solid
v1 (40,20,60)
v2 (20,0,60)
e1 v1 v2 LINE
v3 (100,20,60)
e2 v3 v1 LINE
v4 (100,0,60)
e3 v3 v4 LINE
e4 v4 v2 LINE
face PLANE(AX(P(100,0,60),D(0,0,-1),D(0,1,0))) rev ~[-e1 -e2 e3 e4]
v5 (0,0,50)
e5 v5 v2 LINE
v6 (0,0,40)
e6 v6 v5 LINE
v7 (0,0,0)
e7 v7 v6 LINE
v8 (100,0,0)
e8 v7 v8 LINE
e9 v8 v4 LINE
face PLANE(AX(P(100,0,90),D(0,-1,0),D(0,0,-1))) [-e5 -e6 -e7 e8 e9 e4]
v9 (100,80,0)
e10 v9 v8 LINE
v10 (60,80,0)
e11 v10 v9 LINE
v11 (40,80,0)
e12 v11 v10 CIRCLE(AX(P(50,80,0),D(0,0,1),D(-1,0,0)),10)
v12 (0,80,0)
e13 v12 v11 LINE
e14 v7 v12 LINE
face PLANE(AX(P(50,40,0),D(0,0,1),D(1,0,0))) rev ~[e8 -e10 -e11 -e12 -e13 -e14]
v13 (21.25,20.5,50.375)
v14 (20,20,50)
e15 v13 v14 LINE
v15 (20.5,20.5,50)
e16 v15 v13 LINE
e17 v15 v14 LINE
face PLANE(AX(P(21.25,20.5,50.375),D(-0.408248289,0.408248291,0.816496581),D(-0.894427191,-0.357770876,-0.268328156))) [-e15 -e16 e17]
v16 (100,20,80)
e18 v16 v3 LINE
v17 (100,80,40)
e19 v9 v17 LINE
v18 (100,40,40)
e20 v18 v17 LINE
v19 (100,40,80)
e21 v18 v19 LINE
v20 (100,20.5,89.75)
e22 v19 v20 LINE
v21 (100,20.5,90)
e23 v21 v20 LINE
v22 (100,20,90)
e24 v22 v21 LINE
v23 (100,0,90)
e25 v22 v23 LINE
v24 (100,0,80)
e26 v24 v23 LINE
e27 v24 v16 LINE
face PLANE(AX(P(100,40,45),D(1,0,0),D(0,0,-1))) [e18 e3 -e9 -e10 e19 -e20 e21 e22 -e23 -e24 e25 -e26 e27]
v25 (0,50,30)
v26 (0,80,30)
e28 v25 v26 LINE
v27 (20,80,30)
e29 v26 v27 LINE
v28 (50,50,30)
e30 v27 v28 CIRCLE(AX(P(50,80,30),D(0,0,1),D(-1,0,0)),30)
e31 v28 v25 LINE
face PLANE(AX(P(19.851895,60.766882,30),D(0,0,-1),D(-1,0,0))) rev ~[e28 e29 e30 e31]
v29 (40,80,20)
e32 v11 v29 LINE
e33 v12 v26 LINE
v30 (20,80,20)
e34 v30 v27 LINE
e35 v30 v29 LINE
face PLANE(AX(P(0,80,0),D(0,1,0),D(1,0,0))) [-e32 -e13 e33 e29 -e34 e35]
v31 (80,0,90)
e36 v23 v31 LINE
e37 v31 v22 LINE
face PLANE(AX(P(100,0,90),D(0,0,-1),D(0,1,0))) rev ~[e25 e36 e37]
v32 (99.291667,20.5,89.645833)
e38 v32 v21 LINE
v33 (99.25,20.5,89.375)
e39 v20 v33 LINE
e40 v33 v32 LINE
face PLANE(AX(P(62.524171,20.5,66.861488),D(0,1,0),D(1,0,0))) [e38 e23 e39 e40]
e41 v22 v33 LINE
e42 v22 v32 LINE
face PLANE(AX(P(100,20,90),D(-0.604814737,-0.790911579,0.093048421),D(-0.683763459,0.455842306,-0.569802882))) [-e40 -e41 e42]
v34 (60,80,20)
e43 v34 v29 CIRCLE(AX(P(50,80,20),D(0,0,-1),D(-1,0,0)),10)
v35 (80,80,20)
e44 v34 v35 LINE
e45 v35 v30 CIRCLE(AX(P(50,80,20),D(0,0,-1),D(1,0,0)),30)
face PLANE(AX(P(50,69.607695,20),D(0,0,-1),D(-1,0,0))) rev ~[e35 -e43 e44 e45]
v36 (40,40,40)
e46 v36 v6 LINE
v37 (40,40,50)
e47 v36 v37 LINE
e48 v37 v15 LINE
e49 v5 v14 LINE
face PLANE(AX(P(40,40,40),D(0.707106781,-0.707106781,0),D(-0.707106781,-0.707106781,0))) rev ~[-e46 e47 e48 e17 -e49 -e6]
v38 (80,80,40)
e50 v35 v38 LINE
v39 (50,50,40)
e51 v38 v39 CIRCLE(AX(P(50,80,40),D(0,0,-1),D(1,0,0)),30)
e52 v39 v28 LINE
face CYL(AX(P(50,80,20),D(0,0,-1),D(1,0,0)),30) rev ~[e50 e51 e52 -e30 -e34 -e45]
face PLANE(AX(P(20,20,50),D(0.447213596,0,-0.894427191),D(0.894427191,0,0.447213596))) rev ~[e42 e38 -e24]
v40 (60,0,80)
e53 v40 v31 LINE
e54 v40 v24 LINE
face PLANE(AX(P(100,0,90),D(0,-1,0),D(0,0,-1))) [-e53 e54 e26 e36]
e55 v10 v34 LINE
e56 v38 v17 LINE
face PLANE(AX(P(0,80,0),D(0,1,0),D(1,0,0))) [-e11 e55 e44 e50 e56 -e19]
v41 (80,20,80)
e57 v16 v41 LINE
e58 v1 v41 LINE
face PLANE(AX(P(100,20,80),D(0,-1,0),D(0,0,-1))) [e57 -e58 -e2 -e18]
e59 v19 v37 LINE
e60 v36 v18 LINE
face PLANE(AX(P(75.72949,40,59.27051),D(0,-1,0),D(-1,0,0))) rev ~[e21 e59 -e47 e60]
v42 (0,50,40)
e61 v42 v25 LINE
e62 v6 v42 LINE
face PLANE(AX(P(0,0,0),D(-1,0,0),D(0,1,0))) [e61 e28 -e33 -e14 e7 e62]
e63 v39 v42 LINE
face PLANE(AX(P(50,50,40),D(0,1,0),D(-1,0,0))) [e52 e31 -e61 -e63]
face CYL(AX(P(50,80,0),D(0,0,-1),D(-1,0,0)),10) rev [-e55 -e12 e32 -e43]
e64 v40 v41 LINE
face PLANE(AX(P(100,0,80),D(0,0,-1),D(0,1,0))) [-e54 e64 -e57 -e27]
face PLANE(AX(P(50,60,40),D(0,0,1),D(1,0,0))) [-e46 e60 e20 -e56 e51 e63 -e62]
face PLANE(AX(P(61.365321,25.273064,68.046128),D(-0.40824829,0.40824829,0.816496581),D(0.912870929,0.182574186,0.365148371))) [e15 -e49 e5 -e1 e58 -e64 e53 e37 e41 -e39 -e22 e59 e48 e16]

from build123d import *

# Parameters (mm, degrees)
SKETCH1_W            = 100
SKETCH1_H            = 80
BOSS_EXTRUDE1_DEPTH  = 90
CUT_EXTRUDE1_DEPTH   = 90
SKETCH4_W            = 20
SKETCH4_H            = 20
CUT_EXTRUDE2_DEPTH   = 90
CUT_EXTRUDE3_DEPTH   = 90
CUT_EXTRUDE4_DEPTH   = 90
SKETCH7_W            = 100
SKETCH7_H            = 40
CUT_EXTRUDE5_DEPTH   = 90
CUT_EXTRUDE6_DEPTH   = 10
CUT_EXTRUDE7_DEPTH   = 94
SKETCH10_W           = 100
SKETCH10_H           = 50
CUT_EXTRUDE8_DEPTH   = 94
BOSS_EXTRUDE2_DEPTH  = 40
BOSS_EXTRUDE4_DEPTH  = 10
BOSS_EXTRUDE5_DEPTH  = 10
BOSS_EXTRUDE9_DEPTH  = 10
SKETCH22_W           = 13.645756347
SKETCH22_H           = 19.751560391
CUT_EXTRUDE12_DEPTH  = 57
BOSS_EXTRUDE13_DEPTH = 20
BOSS_EXTRUDE14_DEPTH = 20
SKETCH25_W           = 10
SKETCH25_H           = 20
BOSS_EXTRUDE16_DEPTH = 40
CUT_EXTRUDE13_DEPTH  = 40
CUT_EXTRUDE14_DEPTH  = 40
CUT_EXTRUDE15_DEPTH  = 40
CUT_EXTRUDE16_DEPTH  = 40
SKETCH30_W           = 20
SKETCH30_H           = 19.999
CUT_EXTRUDE18_DEPTH  = 125
BOSS_EXTRUDE25_DEPTH = 0.5
CUT_EXTRUDE21_DEPTH  = 0.5
CUT_EXTRUDE22_DEPTH  = 2.5
SKETCH36_W           = 1.148729496
SKETCH36_H           = 4.006964713
BOSS_EXTRUDE26_DEPTH = 2.5
CUT_EXTRUDE23_DEPTH  = 2.5
CUT_EXTRUDE24_DEPTH  = 2.5
SKETCH40_W           = 100
SKETCH40_H           = 60
CUT_EXTRUDE25_DEPTH  = 39.5
BOSS_EXTRUDE31_DEPTH = 80
SKETCH45_W           = 90
SKETCH45_H           = 80
CUT_EXTRUDE27_DEPTH  = 80
SKETCH46_W           = 100
SKETCH46_H           = 50
CUT_EXTRUDE28_DEPTH  = 80
CUT_EXTRUDE29_DEPTH  = 80
CUT_EXTRUDE30_DEPTH  = 80
CUT_EXTRUDE32_DEPTH  = 80
SKETCH51_W           = 25.130664003
SKETCH51_H           = 300
CUT_EXTRUDE33_DEPTH  = 80
SKETCH52_W           = 100
SKETCH52_H           = 80
CUT_EXTRUDE34_DEPTH  = 80
CUT_EXTRUDE35_DEPTH  = 80
CUT_EXTRUDE36_DEPTH  = 80
CUT_EXTRUDE37_DEPTH  = 80
SKETCH56_W           = 16.617380904
SKETCH56_H           = 14.273809877
CUT_EXTRUDE38_DEPTH  = 80
SKETCH57_W           = 100.195151688
SKETCH57_H           = 57.157925485
CUT_EXTRUDE39_DEPTH  = 80
SKETCH58_W           = 20
SKETCH58_H           = 20
CUT_EXTRUDE40_DEPTH  = 80


with BuildPart() as part:
    # Sketch1 → Boss-Extrude1 (new body)
    with BuildSketch(Plane.XY):
        with Locations((50, 40)):
            Rectangle(SKETCH1_W, SKETCH1_H)
    extrude(amount=BOSS_EXTRUDE1_DEPTH)

    # Sketch3 → Cut-Extrude1 (cut)
    with BuildSketch(Plane(origin=(0, 80, 0), x_dir=(1, 0, 0), z_dir=(0, 1, 0))):
        Polygon((0, -50), (20, -60), (40, -60), (80, -80), (60, -80), (80, -90), (0, -90), align=None)
    extrude(amount=-CUT_EXTRUDE1_DEPTH, mode=Mode.SUBTRACT)

    # Sketch4 → Cut-Extrude2 (cut)
    with BuildSketch(Plane(origin=(100, 0, 0), x_dir=(0, 0, -1), z_dir=(1, 0, 0))):
        with Locations((-70, 10)):
            Rectangle(SKETCH4_W, SKETCH4_H)
    extrude(amount=-CUT_EXTRUDE2_DEPTH, mode=Mode.SUBTRACT)

    # Sketch5 → Cut-Extrude3 (cut)
    with BuildSketch(Plane(origin=(0, 0, 0), x_dir=(-1, 0, 0), z_dir=(0, 0, -1))):
        with BuildLine():
            Line((-60, 80), (-40, 80))
            ThreePointArc((-40, 80), (-50, 70), (-60, 80))
        make_face()
    extrude(amount=-CUT_EXTRUDE3_DEPTH, mode=Mode.SUBTRACT)

    # Sketch6 → Cut-Extrude4 (cut)
    with BuildSketch(Plane.XY.offset(20)):
        with BuildLine():
            Line((20, 80), (80, 80))
            ThreePointArc((80, 80), (50, 50), (20, 80))
        make_face()
    extrude(amount=CUT_EXTRUDE4_DEPTH, mode=Mode.SUBTRACT)

    # Sketch7 → Cut-Extrude5 (cut)
    with BuildSketch(Plane.XY.offset(40)):
        with Locations((50, 60)):
            Rectangle(SKETCH7_W, SKETCH7_H)
    extrude(amount=CUT_EXTRUDE5_DEPTH, mode=Mode.SUBTRACT)

    # Sketch8 → Cut-Extrude6 (cut)
    with BuildSketch(Plane.XY.offset(40)):
        with BuildLine():
            Line((50, 50), (0, 50))
            Line((0, 50), (0, 80))
            Line((0, 80), (20, 80))
            ThreePointArc((20, 80), (28.786796564, 58.786796564), (50, 50))
        make_face()
    extrude(amount=-CUT_EXTRUDE6_DEPTH, mode=Mode.SUBTRACT)

    # Sketch9 → Cut-Extrude7 (cut)
    with BuildSketch(Plane.XY.offset(40)):
        Polygon((40, 40), (0, 0), (0, 40), align=None)
    extrude(amount=CUT_EXTRUDE7_DEPTH, mode=Mode.SUBTRACT)

    # Sketch10 → Cut-Extrude8 (cut)
    with BuildSketch(Plane.XY.offset(50)):
        with Locations((50, 25)):
            Rectangle(SKETCH10_W, SKETCH10_H)
    extrude(amount=CUT_EXTRUDE8_DEPTH, mode=Mode.SUBTRACT)

    # Sketch11 → Boss-Extrude2 (add)
    with BuildSketch(Plane(origin=(0, 40, 0), x_dir=(1, 0, 0), z_dir=(0, 1, 0))):
        Polygon((100, -50), (100, -80), (40, -50), align=None)
    extrude(amount=-BOSS_EXTRUDE2_DEPTH)

    # Sketch15 → Boss-Extrude4 (add)
    with BuildSketch(Plane.XY.offset(50)):
        Polygon((20, 0), (40, 20), (100, 20), (100, 0), (40, 0), align=None)
    extrude(amount=BOSS_EXTRUDE4_DEPTH)

    # Sketch16 → Boss-Extrude5 (add)
    with BuildSketch(Plane(origin=(-16.666666667, 16.666666667, 33.333333333), x_dir=(-0.912870929, -0.182574186, -0.365148372), z_dir=(0.40824829, -0.40824829, -0.816496581))):
        Polygon((-62.075223184, -8.94427191), (-42.075223184, -2.913523754), (-18.257418584, -22.360679775), (-40.166320884, -26.83281573), align=None)
    extrude(amount=BOSS_EXTRUDE5_DEPTH)

    # Sketch18 → Boss-Extrude9 (add)
    with BuildSketch(Plane(origin=(0, 20, 0), x_dir=(1, 0, 0), z_dir=(0, 1, 0))):
        Polygon((40, -50), (40, -60), (21.742581416, -50), align=None)
    extrude(amount=-BOSS_EXTRUDE9_DEPTH)

    # Sketch22 → Cut-Extrude12 (cut)
    with BuildSketch(Plane(origin=(40, 0, 0), x_dir=(0, 0, -1), z_dir=(1, 0, 0))):
        with Locations((-56.822878174, 29.875780196)):
            Rectangle(SKETCH22_W, SKETCH22_H)
    extrude(amount=-CUT_EXTRUDE12_DEPTH, mode=Mode.SUBTRACT)

    # Sketch23 → Boss-Extrude13 (add)
    with BuildSketch(Plane(origin=(0, 20, 0), x_dir=(1, 0, 0), z_dir=(0, 1, 0))):
        Polygon((20, -50), (100, -90), (40, -50), align=None)
    extrude(amount=-BOSS_EXTRUDE13_DEPTH)

    # Sketch24 → Boss-Extrude14 (add)
    with BuildSketch(Plane(origin=(0, 20, 0), x_dir=(1, 0, 0), z_dir=(0, 1, 0))):
        Polygon((100, -90), (100, -80), (60, -60), (55, -60), align=None)
    extrude(amount=-BOSS_EXTRUDE14_DEPTH)

    # Sketch25 → Boss-Extrude16 (add)
    with BuildSketch(Plane(origin=(100, 0, 0), x_dir=(0, 0, -1), z_dir=(1, 0, 0))):
        with Locations((-85, 10)):
            Rectangle(SKETCH25_W, SKETCH25_H)
    extrude(amount=-BOSS_EXTRUDE16_DEPTH)

    # Sketch26 → Cut-Extrude13 (cut)
    with BuildSketch(Plane(origin=(-16.666666667, 16.666666667, 33.333333333), x_dir=(0.912870929, 0.182574186, 0.365148372), z_dir=(-0.40824829, 0.40824829, 0.816496581))):
        Polygon((105.893027784, -17.88854382), (83.984125484, -35.77708764), (105.893027784, -40.249223595), align=None)
    extrude(amount=CUT_EXTRUDE13_DEPTH, mode=Mode.SUBTRACT)

    # Sketch27 → Cut-Extrude14 (cut)
    with BuildSketch(Plane(origin=(-3.333333333, -16.666666667, 6.666666667), x_dir=(0.98319208, -0.169515876, 0.06780635), z_dir=(0.182574186, 0.912870929, -0.365148372))):
        Polygon((64.416032844, -74.278135271), (84.757937953, -83.56290218), (64.416032844, -85.048464885), align=None)
    extrude(amount=-CUT_EXTRUDE14_DEPTH, mode=Mode.SUBTRACT)

    # Sketch28 → Cut-Extrude15 (cut)
    with BuildSketch(Plane(origin=(0, 0, 80), x_dir=(-1, 0, 0), z_dir=(0, 0, -1))):
        Polygon((-80, 20), (-60, 0), (-60, 20), align=None)
    extrude(amount=-CUT_EXTRUDE15_DEPTH, mode=Mode.SUBTRACT)

    # Sketch29 → Cut-Extrude16 (cut)
    with BuildSketch(Plane(origin=(-16.666666667, 16.666666667, 33.333333333), x_dir=(-0.912870929, -0.182574186, -0.365148372), z_dir=(0.40824829, -0.40824829, -0.816496581))):
        Polygon((-105.893027784, -17.88854382), (-105.893027784, -40.249223595), (-127.801930085, -22.360679775), align=None)
    extrude(amount=-CUT_EXTRUDE16_DEPTH, mode=Mode.SUBTRACT)

    # Sketch30 → Cut-Extrude18 (cut)
    with BuildSketch(Plane(origin=(100, 0, 0), x_dir=(0, 0, -1), z_dir=(1, 0, 0))):
        with Locations((-70, 9.9995)):
            Rectangle(SKETCH30_W, SKETCH30_H)
    extrude(amount=-CUT_EXTRUDE18_DEPTH, mode=Mode.SUBTRACT)

    # Sketch31 → Boss-Extrude25 (add)
    with BuildSketch(Plane(origin=(0, 20, 0), x_dir=(1, 0, 0), z_dir=(0, 1, 0))):
        Polygon((40, -50), (20, -50), (100, -90), (100, -80), align=None)
    extrude(amount=BOSS_EXTRUDE25_DEPTH)

    # Sketch34 → Cut-Extrude21 (cut)
    with BuildSketch(Plane(origin=(-16.666666667, 16.666666667, 33.333333333), x_dir=(0.912870929, 0.182574186, 0.365148372), z_dir=(-0.40824829, 0.40824829, 0.816496581))):
        Polygon((40.166320884, -4.472135955), (127.801930085, -22.360679775), (94.938576634, 6.708203932), align=None)
    extrude(amount=CUT_EXTRUDE21_DEPTH, mode=Mode.SUBTRACT)

    # Sketch35 → Cut-Extrude22 (cut)
    with BuildSketch(Plane(origin=(2.266666667, -10.426666667, 6.346666667), x_dir=(0.98319208, 0.155954606, -0.094928891), z_dir=(0.182574186, -0.839841255, 0.51120772))):
        Polygon((19.011205483, 53.778143667), (19.307858266, 53.68916465), (18.036489196, 53.108866719), align=None)
    extrude(amount=-CUT_EXTRUDE22_DEPTH, mode=Mode.SUBTRACT)

    # Sketch36 → Boss-Extrude26 (add)
    with BuildSketch(Plane(origin=(0, 0, 0), x_dir=(0, 0, 1), z_dir=(-0.707106781, 0.707106781, 0))):
        with Locations((49.425635252, 29.062065395)):
            Rectangle(SKETCH36_W, SKETCH36_H)
    extrude(amount=-BOSS_EXTRUDE26_DEPTH)

    # Sketch37 → Cut-Extrude23 (cut)
    with BuildSketch(Plane(origin=(0, 0, 50), x_dir=(-1, 0, 0), z_dir=(0, 0, -1))):
        Polygon((-20, 20), (-20.305780347, 20.5), (-20, 20.5), align=None)
    extrude(amount=-CUT_EXTRUDE23_DEPTH, mode=Mode.SUBTRACT)

    # Sketch39 → Cut-Extrude24 (cut)
    with BuildSketch(Plane(origin=(-18.683928387, 11.426356204, 25.444702473), x_dir=(-0.830826199, -0.22798675, -0.507690722), z_dir=(0.556531965, -0.340353074, -0.757912895))):
        Polygon((-46.928838789, -1.781888159), (-47.714265377, -1.978181738), (-46.56079509, -2.238008161), align=None)
    extrude(amount=-CUT_EXTRUDE24_DEPTH, mode=Mode.SUBTRACT)

    # Sketch40 → Cut-Extrude25 (cut)
    with BuildSketch(Plane.XZ):
        with Locations((50, 30)):
            Rectangle(SKETCH40_W, SKETCH40_H)
    extrude(amount=CUT_EXTRUDE25_DEPTH, mode=Mode.SUBTRACT)

    # Sketch41 → Boss-Extrude31 (add)
    with BuildSketch(Plane(origin=(-16.666666667, 16.666666667, 33.333333333), x_dir=(0.912870929, 0.182574186, 0.365148372), z_dir=(-0.40824829, 0.40824829, 0.816496581))):
        Polygon((40.166320884, -4.472135955), (62.075223184, 13.416407865), (127.801930085, 0), (127.801930085, -22.360679775), align=None)
    extrude(amount=-BOSS_EXTRUDE31_DEPTH)

    # Sketch45 → Cut-Extrude27 (cut)
    with BuildSketch(Plane(origin=(100, 0, 0), x_dir=(0, 0, -1), z_dir=(1, 0, 0))):
        with Locations((-45, 40)):
            Rectangle(SKETCH45_W, SKETCH45_H)
    extrude(amount=CUT_EXTRUDE27_DEPTH, mode=Mode.SUBTRACT)

    # Sketch46 → Cut-Extrude28 (cut)
    with BuildSketch(Plane.XZ):
        with Locations((50, 25)):
            Rectangle(SKETCH46_W, SKETCH46_H)
    extrude(amount=CUT_EXTRUDE28_DEPTH, mode=Mode.SUBTRACT)

    # Sketch47 → Cut-Extrude29 (cut)
    with BuildSketch(Plane(origin=(0, 0, 0), x_dir=(1, 0, 0), z_dir=(0, 1, 0))):
        Polygon((120, -50), (100, -40), (100, -2.020410289), (132.659863237, -18.350341907), align=None)
    extrude(amount=-CUT_EXTRUDE29_DEPTH, mode=Mode.SUBTRACT)

    # Sketch48 → Cut-Extrude30 (cut)
    with BuildSketch(Plane(origin=(120.689655172, 0, 48.275862069), x_dir=(-0.371390676, 0, 0.928476691), z_dir=(-0.928476691, 0, -0.371390676))):
        Polygon((-32.230771602, 0), (1.856953382, 0), (-26.549484105, -12.659863237), align=None)
    extrude(amount=-CUT_EXTRUDE30_DEPTH, mode=Mode.SUBTRACT)

    # Sketch49 → Cut-Extrude32 (cut)
    with BuildSketch(Plane(origin=(-0.114281179, -0.690448792, 0.285702948), x_dir=(0.988505824, -0.139695442, 0.057805011), z_dir=(0.15118279, 0.91339602, -0.377956974))):
        Polygon((134.318019367, -17.958704237), (121.510949414, -46.200841621), (131.829451772, -17.958704237), (119.414758754, -17.958704237), (119.414758754, -48.439344206), (134.318019367, -48.439344206), align=None)
    extrude(amount=-CUT_EXTRUDE32_DEPTH, mode=Mode.SUBTRACT)

    # Sketch51 → Cut-Extrude33 (cut)
    with BuildSketch(Plane(origin=(0.666666667, 3.333333333, -1.333333333), x_dir=(-0.98319208, 0.169515876, -0.06780635), z_dir=(-0.182574186, -0.912870929, 0.365148372))):
        with Locations((-131.048534724, 103.044069574)):
            Rectangle(SKETCH51_W, SKETCH51_H)
    extrude(amount=-CUT_EXTRUDE33_DEPTH, mode=Mode.SUBTRACT)

    # Sketch52 → Cut-Extrude34 (cut)
    with BuildSketch(Plane(origin=(0, 0, 0), x_dir=(-1, 0, 0), z_dir=(0, 0, -1))):
        with Locations((-50, 40)):
            Rectangle(SKETCH52_W, SKETCH52_H)
    extrude(amount=CUT_EXTRUDE34_DEPTH, mode=Mode.SUBTRACT)

    # Sketch53 → Cut-Extrude35 (cut)
    with BuildSketch(Plane.XY):
        Polygon((100, 8), (100, 4.040820577), (103.299316186, 7.340136763), align=None)
    extrude(amount=-CUT_EXTRUDE35_DEPTH, mode=Mode.SUBTRACT)

    # Sketch54 → Cut-Extrude36 (cut)
    with BuildSketch(Plane(origin=(0, 0, 0), x_dir=(1, 0, 0), z_dir=(0, 1, 0))):
        Polygon((50, 0), (95.959179423, 0), (65.319726474, 15.319726474), align=None)
    extrude(amount=-CUT_EXTRUDE36_DEPTH, mode=Mode.SUBTRACT)

    # Sketch55 → Cut-Extrude37 (cut)
    with BuildSketch(Plane(origin=(25, 0, 25), x_dir=(0.707106781, 0, -0.707106781), z_dir=(0.707106781, 0, 0.707106781))):
        Polygon((35.355339059, 0), (35.355339059, -6), (51.052787248, -12.659863237), (57.020704011, 0), align=None)
    extrude(amount=-CUT_EXTRUDE37_DEPTH, mode=Mode.SUBTRACT)

    # Sketch56 → Cut-Extrude38 (cut)
    with BuildSketch(Plane(origin=(2.288135593, 7.627118644, -2.288135593), x_dir=(0.961108118, -0.26452517, 0.079357551), z_dir=(0.276172385, 0.920574618, -0.276172385))):
        with Locations((54.829850342, 11.734471108)):
            Rectangle(SKETCH56_W, SKETCH56_H)
    extrude(amount=-CUT_EXTRUDE38_DEPTH, mode=Mode.SUBTRACT)

    # Sketch57 → Cut-Extrude39 (cut)
    with BuildSketch(Plane(origin=(0, 0, 0), x_dir=(-1, 0, 0), z_dir=(0, 0, -1))):
        with Locations((-50.097575844, -14.861233679)):
            Rectangle(SKETCH57_W, SKETCH57_H)
    extrude(amount=CUT_EXTRUDE39_DEPTH, mode=Mode.SUBTRACT)

    # Sketch58 → Cut-Extrude40 (cut)
    with BuildSketch(Plane(origin=(100, 0, 0), x_dir=(0, 0, -1), z_dir=(1, 0, 0))):
        with Locations((-70, 10)):
            Rectangle(SKETCH58_W, SKETCH58_H)
    extrude(amount=-CUT_EXTRUDE40_DEPTH, mode=Mode.SUBTRACT)


solid = part.part
